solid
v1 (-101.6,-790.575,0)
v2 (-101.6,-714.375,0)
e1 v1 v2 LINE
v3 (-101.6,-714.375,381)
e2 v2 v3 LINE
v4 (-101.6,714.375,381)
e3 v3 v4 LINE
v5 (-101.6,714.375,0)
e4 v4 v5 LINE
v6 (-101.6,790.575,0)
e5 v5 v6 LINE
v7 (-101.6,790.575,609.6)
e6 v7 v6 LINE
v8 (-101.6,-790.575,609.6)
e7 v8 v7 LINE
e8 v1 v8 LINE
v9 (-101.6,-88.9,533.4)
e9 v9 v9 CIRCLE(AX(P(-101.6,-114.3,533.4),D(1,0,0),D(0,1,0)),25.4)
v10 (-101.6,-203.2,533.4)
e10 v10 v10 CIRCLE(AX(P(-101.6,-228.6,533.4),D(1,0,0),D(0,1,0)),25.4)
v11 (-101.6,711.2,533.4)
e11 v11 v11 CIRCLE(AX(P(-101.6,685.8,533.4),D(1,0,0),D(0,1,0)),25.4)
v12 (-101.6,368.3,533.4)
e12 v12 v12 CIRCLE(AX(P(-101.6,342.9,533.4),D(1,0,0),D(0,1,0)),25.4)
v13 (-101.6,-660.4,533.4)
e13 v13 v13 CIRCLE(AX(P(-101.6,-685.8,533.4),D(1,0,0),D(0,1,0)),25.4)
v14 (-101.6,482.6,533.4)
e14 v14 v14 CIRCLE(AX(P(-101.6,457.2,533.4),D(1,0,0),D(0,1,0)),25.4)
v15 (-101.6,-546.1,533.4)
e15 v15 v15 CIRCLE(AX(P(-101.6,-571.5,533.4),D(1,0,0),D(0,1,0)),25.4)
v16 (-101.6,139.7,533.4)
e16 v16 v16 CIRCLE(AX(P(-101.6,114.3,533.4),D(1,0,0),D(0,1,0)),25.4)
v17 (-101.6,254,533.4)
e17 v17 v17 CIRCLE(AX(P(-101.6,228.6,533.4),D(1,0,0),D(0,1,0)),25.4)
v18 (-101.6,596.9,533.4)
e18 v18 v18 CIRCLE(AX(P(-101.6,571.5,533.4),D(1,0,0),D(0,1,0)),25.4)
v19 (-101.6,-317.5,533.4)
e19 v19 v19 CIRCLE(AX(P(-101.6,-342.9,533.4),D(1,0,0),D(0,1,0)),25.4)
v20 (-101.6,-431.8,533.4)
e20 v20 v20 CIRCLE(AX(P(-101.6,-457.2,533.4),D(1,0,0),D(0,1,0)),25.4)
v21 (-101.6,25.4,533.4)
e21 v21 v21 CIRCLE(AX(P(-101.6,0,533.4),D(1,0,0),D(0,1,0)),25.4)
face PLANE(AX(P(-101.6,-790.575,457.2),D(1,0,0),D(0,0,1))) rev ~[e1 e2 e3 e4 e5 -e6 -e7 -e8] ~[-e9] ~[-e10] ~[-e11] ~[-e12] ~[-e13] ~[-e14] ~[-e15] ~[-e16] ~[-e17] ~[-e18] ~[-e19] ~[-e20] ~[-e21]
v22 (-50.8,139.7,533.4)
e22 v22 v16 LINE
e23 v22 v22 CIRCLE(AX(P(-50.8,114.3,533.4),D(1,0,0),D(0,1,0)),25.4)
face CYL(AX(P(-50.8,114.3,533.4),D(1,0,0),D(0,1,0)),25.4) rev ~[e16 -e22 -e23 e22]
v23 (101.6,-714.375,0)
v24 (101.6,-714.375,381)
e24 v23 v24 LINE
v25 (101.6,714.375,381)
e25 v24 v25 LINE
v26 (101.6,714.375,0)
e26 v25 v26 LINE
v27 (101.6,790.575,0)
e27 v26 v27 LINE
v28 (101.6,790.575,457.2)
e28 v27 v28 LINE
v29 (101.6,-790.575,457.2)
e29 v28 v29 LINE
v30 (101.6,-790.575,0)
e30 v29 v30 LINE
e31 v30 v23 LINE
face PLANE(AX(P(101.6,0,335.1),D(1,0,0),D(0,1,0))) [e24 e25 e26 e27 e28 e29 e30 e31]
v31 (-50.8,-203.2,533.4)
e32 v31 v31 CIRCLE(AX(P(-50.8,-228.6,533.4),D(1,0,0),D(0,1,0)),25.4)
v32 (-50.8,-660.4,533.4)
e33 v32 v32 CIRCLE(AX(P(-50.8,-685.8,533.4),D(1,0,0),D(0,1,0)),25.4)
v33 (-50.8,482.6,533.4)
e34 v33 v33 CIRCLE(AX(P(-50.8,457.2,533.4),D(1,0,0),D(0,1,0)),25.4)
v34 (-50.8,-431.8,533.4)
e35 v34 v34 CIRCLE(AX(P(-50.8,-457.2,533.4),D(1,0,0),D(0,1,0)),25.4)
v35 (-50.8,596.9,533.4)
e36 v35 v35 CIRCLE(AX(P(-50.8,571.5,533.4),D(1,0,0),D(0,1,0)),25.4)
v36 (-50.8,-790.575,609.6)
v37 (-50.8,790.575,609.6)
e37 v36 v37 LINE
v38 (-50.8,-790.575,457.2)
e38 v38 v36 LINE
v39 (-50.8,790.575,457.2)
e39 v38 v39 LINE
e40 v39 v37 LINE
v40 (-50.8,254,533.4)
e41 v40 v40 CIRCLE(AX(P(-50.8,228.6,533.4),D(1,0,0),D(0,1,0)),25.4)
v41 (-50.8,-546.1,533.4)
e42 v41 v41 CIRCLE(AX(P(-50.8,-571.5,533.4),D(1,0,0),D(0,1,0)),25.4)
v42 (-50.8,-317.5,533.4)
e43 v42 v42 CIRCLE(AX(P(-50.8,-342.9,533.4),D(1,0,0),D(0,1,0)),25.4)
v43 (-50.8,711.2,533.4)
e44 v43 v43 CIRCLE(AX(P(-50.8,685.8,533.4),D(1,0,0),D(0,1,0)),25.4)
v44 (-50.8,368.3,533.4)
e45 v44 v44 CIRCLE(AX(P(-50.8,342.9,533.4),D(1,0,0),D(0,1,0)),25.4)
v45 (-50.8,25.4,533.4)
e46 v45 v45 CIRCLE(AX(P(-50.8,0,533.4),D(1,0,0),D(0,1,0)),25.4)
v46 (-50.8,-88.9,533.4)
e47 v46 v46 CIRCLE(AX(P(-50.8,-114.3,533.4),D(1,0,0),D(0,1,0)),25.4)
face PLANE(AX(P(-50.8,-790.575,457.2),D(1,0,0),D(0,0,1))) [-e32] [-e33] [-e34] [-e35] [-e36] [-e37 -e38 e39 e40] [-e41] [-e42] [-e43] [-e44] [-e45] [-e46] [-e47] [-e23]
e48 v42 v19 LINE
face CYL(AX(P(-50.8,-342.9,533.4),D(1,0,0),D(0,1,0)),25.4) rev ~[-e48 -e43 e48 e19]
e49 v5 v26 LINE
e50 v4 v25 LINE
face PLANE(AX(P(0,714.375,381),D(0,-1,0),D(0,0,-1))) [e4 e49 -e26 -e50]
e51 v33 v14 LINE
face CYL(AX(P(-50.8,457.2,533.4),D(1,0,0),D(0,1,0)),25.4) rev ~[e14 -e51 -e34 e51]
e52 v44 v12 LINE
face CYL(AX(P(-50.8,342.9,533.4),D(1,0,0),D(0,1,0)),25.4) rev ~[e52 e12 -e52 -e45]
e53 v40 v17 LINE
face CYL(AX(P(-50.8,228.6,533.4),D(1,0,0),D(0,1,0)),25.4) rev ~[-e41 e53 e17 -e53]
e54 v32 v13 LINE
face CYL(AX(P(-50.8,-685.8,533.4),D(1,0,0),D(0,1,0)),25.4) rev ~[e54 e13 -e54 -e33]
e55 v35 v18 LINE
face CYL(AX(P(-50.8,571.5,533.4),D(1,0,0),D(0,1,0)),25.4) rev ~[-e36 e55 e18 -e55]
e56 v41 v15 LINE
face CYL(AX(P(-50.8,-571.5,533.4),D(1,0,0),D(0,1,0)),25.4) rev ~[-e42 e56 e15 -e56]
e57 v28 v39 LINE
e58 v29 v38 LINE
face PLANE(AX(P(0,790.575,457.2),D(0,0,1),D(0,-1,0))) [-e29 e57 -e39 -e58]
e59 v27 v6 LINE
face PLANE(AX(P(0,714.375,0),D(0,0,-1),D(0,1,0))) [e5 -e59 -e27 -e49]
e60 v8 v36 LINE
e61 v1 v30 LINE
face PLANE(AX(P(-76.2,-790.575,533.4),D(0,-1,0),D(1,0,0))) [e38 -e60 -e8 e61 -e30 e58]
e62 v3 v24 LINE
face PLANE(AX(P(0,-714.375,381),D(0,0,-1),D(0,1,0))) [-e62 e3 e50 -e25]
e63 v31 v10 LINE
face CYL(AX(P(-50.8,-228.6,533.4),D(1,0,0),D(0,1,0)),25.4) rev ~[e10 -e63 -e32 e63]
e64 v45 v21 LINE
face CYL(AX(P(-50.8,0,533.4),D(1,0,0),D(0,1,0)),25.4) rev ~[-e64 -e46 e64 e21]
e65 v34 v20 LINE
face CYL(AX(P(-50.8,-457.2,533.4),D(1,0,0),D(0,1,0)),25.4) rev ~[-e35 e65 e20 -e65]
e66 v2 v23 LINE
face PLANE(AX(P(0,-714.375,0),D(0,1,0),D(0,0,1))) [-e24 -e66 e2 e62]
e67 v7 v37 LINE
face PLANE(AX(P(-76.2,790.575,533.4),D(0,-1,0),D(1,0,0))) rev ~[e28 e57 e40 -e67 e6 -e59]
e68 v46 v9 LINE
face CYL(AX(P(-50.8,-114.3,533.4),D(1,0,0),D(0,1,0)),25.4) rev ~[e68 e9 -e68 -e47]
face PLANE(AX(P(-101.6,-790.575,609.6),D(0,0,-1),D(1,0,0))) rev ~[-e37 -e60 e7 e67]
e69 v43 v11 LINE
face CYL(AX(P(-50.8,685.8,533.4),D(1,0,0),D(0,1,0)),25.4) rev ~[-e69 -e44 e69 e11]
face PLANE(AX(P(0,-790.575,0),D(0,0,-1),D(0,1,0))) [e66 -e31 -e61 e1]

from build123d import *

# Parameters (mm, degrees)
F1_DEPTH = 101.6
F2_W     = 50.8
F2_H     = 152.4
F3_DEPTH = 1581.15
F4_R     = 25.4
F5_DEPTH = 50.8


with BuildPart() as f1:
    # F0 (on Right) → F1 (new body, symmetric)
    with BuildSketch(Plane.YZ):
        Polygon((-790.575, 457.2), (-790.575, 0), (-714.375, 0), (-714.375, 381), (714.375, 381), (714.375, 0), (790.575, 0), (790.575, 457.2), align=None)
    extrude(amount=F1_DEPTH, both=True)

    # F2 (on face) → F3 (join, through all)
    with BuildSketch(Plane.XZ.offset(790.575)):
        with Locations((-76.2, 533.4)):
            Rectangle(F2_W, F2_H)
    extrude(amount=-F3_DEPTH)

    # F4 (on face) → F5 (cut, through all)
    with BuildSketch(Plane.YZ.offset(-50.8)):
        with Locations((-457.2, 533.4)):
            Circle(F4_R)
        with Locations((-342.9, 533.4)):
            Circle(F4_R)
        with Locations((-228.6, 533.4)):
            Circle(F4_R)
        with Locations((-114.3, 533.4)):
            Circle(F4_R)
        with Locations((0, 533.4)):
            Circle(F4_R)
        with Locations((-685.8, 533.4)):
            Circle(F4_R)
        with Locations((-571.5, 533.4)):
            Circle(F4_R)
        with Locations((114.3, 533.4)):
            Circle(F4_R)
        with Locations((228.6, 533.4)):
            Circle(F4_R)
        with Locations((342.9, 533.4)):
            Circle(F4_R)
        with Locations((457.2, 533.4)):
            Circle(F4_R)
        with Locations((571.5, 533.4)):
            Circle(F4_R)
        with Locations((685.8, 533.4)):
            Circle(F4_R)
    extrude(amount=-F5_DEPTH, mode=Mode.SUBTRACT)


solid = f1.part
